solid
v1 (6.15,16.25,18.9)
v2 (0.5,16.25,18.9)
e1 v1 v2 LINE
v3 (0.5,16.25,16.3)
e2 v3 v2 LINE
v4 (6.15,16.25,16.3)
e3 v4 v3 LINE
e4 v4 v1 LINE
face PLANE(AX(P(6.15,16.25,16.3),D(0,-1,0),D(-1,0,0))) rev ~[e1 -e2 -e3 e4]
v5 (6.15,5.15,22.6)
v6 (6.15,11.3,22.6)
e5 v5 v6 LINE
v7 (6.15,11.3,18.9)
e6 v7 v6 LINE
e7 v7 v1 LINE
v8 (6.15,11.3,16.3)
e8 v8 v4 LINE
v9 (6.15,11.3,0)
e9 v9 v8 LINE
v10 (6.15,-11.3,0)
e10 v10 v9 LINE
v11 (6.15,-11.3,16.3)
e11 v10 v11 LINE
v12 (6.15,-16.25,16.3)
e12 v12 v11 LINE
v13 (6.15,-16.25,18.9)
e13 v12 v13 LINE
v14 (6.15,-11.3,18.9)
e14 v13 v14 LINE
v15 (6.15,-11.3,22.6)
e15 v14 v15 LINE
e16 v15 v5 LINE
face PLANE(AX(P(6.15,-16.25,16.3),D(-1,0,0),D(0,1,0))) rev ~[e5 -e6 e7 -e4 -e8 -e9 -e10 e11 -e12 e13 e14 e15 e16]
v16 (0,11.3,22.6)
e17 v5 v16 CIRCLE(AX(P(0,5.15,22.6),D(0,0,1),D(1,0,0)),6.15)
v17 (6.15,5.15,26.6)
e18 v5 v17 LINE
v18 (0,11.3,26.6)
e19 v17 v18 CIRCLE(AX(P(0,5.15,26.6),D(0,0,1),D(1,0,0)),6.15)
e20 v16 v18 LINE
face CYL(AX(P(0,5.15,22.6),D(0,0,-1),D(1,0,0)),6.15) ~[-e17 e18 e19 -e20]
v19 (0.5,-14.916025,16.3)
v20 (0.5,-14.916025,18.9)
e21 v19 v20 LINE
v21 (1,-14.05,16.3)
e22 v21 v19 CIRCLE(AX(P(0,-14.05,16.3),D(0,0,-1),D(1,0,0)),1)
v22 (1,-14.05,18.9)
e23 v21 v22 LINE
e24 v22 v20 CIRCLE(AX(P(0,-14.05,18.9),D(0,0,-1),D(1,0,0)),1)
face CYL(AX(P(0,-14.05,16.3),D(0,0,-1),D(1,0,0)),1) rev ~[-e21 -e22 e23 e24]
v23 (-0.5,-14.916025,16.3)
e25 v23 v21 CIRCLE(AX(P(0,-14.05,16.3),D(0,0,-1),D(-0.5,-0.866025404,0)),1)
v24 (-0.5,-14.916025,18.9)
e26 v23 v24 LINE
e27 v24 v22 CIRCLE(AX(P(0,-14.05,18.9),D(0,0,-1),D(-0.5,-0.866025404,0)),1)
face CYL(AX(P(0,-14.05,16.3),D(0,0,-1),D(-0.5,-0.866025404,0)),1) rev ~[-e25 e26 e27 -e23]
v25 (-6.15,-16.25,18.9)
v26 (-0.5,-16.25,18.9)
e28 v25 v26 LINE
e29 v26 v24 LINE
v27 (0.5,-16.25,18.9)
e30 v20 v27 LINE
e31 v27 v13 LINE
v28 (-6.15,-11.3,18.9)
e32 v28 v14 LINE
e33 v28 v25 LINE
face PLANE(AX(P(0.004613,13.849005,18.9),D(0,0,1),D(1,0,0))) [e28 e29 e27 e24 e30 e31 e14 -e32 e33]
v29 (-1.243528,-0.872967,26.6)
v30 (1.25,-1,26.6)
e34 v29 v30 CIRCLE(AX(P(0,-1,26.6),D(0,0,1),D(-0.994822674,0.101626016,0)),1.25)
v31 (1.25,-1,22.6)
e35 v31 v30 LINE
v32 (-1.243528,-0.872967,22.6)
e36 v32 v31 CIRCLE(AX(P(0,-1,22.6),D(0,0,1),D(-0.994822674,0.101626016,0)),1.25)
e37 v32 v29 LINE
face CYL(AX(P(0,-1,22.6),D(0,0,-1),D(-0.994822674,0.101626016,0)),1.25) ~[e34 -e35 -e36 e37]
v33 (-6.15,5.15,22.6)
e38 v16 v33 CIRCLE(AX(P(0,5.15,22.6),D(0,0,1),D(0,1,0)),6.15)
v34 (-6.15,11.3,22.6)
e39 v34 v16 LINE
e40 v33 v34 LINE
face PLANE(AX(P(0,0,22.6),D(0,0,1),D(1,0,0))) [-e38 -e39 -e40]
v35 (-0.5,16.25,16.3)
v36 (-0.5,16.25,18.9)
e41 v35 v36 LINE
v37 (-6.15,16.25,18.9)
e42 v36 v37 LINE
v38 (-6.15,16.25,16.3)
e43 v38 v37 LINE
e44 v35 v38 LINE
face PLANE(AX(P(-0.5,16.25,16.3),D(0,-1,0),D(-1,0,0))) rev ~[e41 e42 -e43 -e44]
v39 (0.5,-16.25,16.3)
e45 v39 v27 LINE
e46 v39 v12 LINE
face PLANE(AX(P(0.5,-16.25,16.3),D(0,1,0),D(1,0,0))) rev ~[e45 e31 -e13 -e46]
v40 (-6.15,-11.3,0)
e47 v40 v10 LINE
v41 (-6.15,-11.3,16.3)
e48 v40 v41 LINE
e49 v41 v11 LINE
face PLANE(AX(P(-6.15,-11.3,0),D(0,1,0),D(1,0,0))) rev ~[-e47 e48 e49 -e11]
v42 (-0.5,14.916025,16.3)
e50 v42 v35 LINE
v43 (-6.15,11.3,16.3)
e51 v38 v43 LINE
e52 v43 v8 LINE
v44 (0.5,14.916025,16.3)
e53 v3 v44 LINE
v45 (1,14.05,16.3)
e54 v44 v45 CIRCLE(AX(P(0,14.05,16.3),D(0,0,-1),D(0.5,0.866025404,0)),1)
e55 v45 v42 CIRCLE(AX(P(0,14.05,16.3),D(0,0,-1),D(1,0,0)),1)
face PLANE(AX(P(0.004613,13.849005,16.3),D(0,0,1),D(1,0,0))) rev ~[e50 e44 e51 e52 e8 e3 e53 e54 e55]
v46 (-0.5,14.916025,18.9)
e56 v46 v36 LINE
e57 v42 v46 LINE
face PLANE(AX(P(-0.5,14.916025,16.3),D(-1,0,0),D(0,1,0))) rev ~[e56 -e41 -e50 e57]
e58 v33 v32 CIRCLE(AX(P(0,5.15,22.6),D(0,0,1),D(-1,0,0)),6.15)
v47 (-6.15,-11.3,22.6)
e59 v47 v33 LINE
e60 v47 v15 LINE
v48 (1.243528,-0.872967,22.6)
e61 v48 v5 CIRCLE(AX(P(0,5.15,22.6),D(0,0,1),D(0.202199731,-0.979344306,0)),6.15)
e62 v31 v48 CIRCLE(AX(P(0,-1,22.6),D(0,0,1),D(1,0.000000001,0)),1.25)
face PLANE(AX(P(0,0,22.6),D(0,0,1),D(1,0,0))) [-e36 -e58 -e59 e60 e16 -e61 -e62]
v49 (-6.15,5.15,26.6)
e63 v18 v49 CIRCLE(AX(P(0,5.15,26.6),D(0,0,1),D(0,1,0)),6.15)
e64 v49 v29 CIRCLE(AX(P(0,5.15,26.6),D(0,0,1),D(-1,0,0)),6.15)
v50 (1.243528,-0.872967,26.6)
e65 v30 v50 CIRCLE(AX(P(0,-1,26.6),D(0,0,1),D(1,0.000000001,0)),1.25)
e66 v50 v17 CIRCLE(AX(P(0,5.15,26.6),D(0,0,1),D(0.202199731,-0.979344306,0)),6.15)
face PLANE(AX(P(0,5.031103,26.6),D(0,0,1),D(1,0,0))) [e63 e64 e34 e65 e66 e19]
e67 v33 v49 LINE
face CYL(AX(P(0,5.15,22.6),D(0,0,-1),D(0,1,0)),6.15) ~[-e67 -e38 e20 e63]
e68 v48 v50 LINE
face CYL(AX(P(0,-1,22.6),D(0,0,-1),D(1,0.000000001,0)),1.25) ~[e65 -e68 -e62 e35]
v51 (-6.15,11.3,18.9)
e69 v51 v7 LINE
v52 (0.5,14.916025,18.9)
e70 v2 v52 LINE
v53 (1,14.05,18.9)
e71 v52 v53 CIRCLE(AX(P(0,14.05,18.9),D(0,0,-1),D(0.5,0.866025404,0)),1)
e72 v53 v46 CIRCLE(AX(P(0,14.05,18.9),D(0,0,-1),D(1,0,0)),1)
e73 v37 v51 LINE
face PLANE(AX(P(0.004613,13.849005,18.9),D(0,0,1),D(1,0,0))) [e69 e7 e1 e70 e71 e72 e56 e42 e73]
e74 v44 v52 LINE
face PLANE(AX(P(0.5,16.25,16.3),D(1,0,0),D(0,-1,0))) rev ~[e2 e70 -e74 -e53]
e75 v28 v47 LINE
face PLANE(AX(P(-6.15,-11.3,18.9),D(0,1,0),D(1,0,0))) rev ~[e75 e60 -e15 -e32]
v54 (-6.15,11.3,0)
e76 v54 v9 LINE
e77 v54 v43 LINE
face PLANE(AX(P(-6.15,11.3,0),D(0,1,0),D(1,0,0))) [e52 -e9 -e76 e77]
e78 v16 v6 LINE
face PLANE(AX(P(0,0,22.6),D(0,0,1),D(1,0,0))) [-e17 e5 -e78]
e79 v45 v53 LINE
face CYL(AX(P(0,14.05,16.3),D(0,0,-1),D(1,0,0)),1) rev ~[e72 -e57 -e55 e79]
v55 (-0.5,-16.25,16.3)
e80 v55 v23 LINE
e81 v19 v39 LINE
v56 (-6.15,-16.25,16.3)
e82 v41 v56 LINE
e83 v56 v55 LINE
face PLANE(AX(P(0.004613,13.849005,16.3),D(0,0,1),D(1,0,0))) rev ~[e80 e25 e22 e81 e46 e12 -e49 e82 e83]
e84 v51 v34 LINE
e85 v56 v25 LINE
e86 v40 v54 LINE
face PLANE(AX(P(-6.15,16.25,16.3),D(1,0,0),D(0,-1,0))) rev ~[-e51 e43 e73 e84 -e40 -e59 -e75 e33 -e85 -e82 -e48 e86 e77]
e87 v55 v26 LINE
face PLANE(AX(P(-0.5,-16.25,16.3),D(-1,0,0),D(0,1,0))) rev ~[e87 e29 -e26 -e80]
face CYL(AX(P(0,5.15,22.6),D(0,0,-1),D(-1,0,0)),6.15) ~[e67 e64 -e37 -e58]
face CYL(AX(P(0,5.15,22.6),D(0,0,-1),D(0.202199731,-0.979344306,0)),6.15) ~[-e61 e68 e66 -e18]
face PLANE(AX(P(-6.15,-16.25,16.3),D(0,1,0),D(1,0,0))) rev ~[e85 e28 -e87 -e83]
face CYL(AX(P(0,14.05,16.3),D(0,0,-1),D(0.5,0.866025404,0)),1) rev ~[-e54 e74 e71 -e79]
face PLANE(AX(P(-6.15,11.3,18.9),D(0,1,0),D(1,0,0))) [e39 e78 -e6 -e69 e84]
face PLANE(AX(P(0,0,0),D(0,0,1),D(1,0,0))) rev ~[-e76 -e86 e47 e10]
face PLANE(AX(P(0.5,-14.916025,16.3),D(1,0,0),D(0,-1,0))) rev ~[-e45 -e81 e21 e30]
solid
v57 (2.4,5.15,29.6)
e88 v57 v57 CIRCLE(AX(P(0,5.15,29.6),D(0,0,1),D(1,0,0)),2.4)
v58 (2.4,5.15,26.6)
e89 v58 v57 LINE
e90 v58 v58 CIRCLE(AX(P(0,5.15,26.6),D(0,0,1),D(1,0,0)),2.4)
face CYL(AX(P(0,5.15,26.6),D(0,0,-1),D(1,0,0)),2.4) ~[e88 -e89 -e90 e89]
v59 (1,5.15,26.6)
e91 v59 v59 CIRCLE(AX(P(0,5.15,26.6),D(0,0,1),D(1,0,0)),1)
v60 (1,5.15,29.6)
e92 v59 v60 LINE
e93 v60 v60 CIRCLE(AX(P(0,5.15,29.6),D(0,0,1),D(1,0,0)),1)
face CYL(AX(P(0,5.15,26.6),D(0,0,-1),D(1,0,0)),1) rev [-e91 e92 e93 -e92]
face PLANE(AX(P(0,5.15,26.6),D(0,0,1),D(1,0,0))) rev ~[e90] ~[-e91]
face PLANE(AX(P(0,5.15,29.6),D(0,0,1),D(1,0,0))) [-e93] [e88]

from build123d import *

# Parameters (mm, degrees)
F0_W     = 12.3
F0_H     = 22.6
F1_DEPTH = 16.3
F2_W     = 12.3
F2_H     = 22.6
F3_DEPTH = 2.6
F4_W     = 12.3
F4_H     = 22.6
F5_DEPTH = 3.7
F7_DEPTH = 4
F8_R     = 2.4
F8_R_2   = 1
F9_DEPTH = 3


with BuildPart() as f1:
    # F0 (on Top) → F1 (new body)
    with BuildSketch(Plane.XY):
        Rectangle(F0_W, F0_H)
    extrude(amount=F1_DEPTH)

    # F2 (on face) → F3 (join)
    with BuildSketch(Plane.XY.offset(16.3)):
        with BuildLine():
            Line((-6.15, 16.25), (-6.15, 11.3))
            Line((-6.15, 11.3), (6.15, 11.3))
            Line((6.15, 11.3), (6.15, 16.25))
            Line((6.15, 16.25), (0.5, 16.25))
            Line((0.5, 16.25), (0.5, 14.9160254038))
            ThreePointArc((0.5, 14.9160254038), (0.8660254038, 14.55), (1, 14.05))
            ThreePointArc((1, 14.05), (-0.5, 13.1839745962), (-0.5, 14.9160254038))
            Line((-0.5, 14.9160254038), (-0.5, 16.25))
            Line((-0.5, 16.25), (-6.15, 16.25))
        make_face()
        Rectangle(F2_W, F2_H)
        with BuildLine():
            Line((6.15, -11.3), (-6.15, -11.3))
            Line((-6.15, -11.3), (-6.15, -16.25))
            Line((-6.15, -16.25), (-0.5, -16.25))
            Line((-0.5, -16.25), (-0.5, -14.9160254038))
            ThreePointArc((-0.5, -14.9160254038), (-0.5, -13.1839745962), (1, -14.05))
            ThreePointArc((1, -14.05), (0.8660254038, -14.55), (0.5, -14.9160254038))
            Line((0.5, -14.9160254038), (0.5, -16.25))
            Line((0.5, -16.25), (6.15, -16.25))
            Line((6.15, -16.25), (6.15, -11.3))
        make_face()
    extrude(amount=F3_DEPTH)

    # F4 (on face) → F5 (join)
    with BuildSketch(Plane.XY.offset(18.9)):
        Rectangle(F4_W, F4_H)
    extrude(amount=F5_DEPTH)

    # F6 (on face) → F7 (join)
    with BuildSketch(Plane.XY.offset(22.6)):
        with BuildLine():
            ThreePointArc((1.2435283426, -0.8729674797), (4.7681337705, 1.265749706), (6.15, 5.15))
            ThreePointArc((6.15, 5.15), (4.3487067043, 9.4987067043), (0, 11.3))
            ThreePointArc((0, 11.3), (-4.3487067043, 9.4987067043), (-6.15, 5.15))
            ThreePointArc((-6.15, 5.15), (-4.7681337705, 1.265749706), (-1.2435283426, -0.8729674797))
            ThreePointArc((-1.2435283426, -0.8729674797), (0, 0.25), (1.2435283426, -0.8729674797))
        make_face()
        with BuildLine():
            ThreePointArc((1.25, -1), (1.2483810372, -0.9364013688), (1.2435283426, -0.8729674797))
            ThreePointArc((1.2435283426, -0.8729674797), (0, -1), (-1.2435283426, -0.8729674797))
            ThreePointArc((-1.2435283426, -0.8729674797), (-0.0635986312, -2.2483810372), (1.25, -1))
        make_face()
        with BuildLine():
            ThreePointArc((-1.2435283426, -0.8729674797), (0, -1), (1.2435283426, -0.8729674797))
            ThreePointArc((1.2435283426, -0.8729674797), (0, 0.25), (-1.2435283426, -0.8729674797))
        make_face()
    extrude(amount=F7_DEPTH)


with BuildPart() as f9:
    # F8 (on face) → F9 (new body)
    with BuildSketch(Plane.XY.offset(26.6)):
        with Locations((0, 5.15)):
            Circle(F8_R)
        with Locations((0, 5.15)):
            Circle(F8_R_2, mode=Mode.SUBTRACT)
    extrude(amount=F9_DEPTH)


solid = Compound([f1.part, f9.part])
